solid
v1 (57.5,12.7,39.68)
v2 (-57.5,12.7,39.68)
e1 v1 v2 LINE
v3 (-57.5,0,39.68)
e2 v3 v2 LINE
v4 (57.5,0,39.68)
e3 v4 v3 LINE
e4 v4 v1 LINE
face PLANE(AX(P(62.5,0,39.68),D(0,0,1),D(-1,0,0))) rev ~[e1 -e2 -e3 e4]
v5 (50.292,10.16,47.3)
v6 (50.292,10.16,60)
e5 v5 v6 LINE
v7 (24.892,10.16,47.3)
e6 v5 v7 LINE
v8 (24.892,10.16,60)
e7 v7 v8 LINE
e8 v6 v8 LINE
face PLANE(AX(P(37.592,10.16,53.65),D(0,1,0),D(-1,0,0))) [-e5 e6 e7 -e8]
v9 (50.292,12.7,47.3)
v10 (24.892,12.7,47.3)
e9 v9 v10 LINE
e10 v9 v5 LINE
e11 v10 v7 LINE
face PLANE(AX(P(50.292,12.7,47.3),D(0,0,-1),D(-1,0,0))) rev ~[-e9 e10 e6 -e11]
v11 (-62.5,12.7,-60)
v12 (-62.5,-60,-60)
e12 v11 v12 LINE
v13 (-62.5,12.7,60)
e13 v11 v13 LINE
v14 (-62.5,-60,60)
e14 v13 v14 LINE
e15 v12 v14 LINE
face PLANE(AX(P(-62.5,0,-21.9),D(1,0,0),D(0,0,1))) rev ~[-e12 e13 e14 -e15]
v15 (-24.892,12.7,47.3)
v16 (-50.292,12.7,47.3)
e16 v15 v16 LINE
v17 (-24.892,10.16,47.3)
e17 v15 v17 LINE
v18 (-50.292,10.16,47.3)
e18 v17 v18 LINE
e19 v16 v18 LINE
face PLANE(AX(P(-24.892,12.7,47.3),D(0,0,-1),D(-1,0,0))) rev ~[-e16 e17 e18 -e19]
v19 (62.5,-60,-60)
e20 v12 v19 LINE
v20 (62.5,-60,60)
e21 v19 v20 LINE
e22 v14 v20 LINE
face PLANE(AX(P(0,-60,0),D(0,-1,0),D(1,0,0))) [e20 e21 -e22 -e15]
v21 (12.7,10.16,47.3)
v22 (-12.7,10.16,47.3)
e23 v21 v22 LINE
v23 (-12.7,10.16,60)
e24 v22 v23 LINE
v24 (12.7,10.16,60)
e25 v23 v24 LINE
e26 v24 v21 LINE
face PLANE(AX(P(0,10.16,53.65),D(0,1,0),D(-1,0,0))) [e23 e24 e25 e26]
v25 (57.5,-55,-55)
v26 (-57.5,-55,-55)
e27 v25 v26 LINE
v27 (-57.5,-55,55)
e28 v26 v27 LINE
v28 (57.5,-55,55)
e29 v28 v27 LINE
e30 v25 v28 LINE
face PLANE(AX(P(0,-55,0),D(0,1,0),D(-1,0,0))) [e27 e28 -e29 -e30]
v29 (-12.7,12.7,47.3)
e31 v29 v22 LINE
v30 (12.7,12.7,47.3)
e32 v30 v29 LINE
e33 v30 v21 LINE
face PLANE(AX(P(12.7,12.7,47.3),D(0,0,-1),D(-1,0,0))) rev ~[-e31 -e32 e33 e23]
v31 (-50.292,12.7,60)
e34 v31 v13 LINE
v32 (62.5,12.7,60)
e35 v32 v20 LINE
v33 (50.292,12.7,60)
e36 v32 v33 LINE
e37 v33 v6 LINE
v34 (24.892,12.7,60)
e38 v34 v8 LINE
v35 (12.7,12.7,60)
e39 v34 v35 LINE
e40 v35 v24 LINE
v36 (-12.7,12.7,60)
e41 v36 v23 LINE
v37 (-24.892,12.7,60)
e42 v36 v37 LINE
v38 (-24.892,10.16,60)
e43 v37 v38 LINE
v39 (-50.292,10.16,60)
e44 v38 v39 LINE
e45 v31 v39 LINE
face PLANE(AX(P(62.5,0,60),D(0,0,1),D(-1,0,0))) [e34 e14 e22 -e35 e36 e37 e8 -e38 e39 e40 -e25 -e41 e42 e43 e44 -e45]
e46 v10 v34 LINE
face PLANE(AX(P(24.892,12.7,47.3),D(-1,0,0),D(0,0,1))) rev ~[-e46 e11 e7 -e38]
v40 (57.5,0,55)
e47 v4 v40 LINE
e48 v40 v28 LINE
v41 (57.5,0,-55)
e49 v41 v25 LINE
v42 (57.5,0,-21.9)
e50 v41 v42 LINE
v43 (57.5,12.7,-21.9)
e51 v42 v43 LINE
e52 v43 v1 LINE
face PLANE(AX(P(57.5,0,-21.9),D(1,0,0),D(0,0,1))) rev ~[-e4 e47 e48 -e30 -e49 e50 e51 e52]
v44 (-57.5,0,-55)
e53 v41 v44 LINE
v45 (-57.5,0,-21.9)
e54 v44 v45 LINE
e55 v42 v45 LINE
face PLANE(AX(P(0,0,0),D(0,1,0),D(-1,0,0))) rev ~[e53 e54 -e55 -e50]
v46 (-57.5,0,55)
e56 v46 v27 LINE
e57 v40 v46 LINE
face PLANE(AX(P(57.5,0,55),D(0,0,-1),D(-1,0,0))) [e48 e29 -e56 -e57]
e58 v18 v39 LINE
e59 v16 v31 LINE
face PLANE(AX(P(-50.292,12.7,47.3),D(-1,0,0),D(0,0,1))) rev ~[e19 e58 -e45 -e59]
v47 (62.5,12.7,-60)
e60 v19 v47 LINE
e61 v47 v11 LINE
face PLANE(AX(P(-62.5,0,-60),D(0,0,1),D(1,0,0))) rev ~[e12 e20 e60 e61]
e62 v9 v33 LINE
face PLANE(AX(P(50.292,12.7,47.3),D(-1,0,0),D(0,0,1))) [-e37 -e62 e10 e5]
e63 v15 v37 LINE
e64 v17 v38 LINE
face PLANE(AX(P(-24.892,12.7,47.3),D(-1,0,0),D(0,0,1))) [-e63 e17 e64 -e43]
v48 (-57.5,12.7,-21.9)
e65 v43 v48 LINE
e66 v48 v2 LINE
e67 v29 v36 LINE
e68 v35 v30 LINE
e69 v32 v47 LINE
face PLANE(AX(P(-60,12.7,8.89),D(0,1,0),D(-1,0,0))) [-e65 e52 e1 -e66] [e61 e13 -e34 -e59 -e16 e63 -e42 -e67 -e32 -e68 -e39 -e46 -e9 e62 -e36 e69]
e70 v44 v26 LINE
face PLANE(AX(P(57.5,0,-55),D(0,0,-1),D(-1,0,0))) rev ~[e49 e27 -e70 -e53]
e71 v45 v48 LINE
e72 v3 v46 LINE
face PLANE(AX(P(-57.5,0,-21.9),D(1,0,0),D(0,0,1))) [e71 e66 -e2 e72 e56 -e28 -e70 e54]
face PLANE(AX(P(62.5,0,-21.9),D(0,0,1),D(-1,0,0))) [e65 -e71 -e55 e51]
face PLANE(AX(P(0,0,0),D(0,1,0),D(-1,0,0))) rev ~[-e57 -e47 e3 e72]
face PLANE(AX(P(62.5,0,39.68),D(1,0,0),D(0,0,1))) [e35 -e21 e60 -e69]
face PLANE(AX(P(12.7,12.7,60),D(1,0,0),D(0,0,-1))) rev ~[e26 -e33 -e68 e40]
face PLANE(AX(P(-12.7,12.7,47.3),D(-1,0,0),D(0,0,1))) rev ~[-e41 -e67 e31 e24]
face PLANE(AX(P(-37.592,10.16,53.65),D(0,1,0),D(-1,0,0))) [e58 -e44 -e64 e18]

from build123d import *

# Parameters (mm, degrees)
F0_W     = 125
F0_H     = 120
F1_DEPTH = 60
F2_W     = 125
F2_H     = 20.32
F2_H_2   = 38.1
F3_DEPTH = 12.7
F4_W     = 115
F4_H     = 110
F5_DEPTH = 55
F6_W     = 25.4
F6_H     = 12.7
F7_DEPTH = 2.54
F8_W     = 5
F8_H     = 61.58
F9_DEPTH = 12.7


with BuildPart() as f1:
    # F0 (on Front) → F1 (new body)
    with BuildSketch(Plane.XZ):
        Rectangle(F0_W, F0_H)
    extrude(amount=F1_DEPTH)

    # F2 (on face) → F3 (join)
    with BuildSketch(Plane(origin=(0, 0, 0), x_dir=(-1, 0, 0), z_dir=(0, 1, 0))):
        with Locations((0, 49.84)):
            Rectangle(F2_W, F2_H)
        with Locations((0, -40.95)):
            Rectangle(F2_W, F2_H_2)
    extrude(amount=F3_DEPTH)

    # F4 (on face) → F5 (cut)
    with BuildSketch(Plane(origin=(0, 0, 0), x_dir=(-1, 0, 0), z_dir=(0, 1, 0))):
        Rectangle(F4_W, F4_H)
    extrude(amount=-F5_DEPTH, mode=Mode.SUBTRACT)

    # F6 (on face) → F7 (cut)
    with BuildSketch(Plane(origin=(0, 12.7, 0), x_dir=(-1, 0, 0), z_dir=(0, 1, 0))):
        with Locations((-37.592, 53.65)):
            Rectangle(F6_W, F6_H)
        Polygon((12.7, 60), (0, 60), (-12.7, 60), (-12.7, 47.3), (0, 47.3), (12.7, 47.3), align=None)
        with Locations((37.592, 53.65)):
            Rectangle(F6_W, F6_H)
    extrude(amount=-F7_DEPTH, mode=Mode.SUBTRACT)

    # F8 (on face) → F9 (join)
    with BuildSketch(Plane(origin=(0, 0, 0), x_dir=(-1, 0, 0), z_dir=(0, 1, 0))):
        with Locations((60, 8.89)):
            Rectangle(F8_W, F8_H)
        with Locations((-60, 8.89)):
            Rectangle(F8_W, F8_H)
    extrude(amount=F9_DEPTH)


solid = f1.part
